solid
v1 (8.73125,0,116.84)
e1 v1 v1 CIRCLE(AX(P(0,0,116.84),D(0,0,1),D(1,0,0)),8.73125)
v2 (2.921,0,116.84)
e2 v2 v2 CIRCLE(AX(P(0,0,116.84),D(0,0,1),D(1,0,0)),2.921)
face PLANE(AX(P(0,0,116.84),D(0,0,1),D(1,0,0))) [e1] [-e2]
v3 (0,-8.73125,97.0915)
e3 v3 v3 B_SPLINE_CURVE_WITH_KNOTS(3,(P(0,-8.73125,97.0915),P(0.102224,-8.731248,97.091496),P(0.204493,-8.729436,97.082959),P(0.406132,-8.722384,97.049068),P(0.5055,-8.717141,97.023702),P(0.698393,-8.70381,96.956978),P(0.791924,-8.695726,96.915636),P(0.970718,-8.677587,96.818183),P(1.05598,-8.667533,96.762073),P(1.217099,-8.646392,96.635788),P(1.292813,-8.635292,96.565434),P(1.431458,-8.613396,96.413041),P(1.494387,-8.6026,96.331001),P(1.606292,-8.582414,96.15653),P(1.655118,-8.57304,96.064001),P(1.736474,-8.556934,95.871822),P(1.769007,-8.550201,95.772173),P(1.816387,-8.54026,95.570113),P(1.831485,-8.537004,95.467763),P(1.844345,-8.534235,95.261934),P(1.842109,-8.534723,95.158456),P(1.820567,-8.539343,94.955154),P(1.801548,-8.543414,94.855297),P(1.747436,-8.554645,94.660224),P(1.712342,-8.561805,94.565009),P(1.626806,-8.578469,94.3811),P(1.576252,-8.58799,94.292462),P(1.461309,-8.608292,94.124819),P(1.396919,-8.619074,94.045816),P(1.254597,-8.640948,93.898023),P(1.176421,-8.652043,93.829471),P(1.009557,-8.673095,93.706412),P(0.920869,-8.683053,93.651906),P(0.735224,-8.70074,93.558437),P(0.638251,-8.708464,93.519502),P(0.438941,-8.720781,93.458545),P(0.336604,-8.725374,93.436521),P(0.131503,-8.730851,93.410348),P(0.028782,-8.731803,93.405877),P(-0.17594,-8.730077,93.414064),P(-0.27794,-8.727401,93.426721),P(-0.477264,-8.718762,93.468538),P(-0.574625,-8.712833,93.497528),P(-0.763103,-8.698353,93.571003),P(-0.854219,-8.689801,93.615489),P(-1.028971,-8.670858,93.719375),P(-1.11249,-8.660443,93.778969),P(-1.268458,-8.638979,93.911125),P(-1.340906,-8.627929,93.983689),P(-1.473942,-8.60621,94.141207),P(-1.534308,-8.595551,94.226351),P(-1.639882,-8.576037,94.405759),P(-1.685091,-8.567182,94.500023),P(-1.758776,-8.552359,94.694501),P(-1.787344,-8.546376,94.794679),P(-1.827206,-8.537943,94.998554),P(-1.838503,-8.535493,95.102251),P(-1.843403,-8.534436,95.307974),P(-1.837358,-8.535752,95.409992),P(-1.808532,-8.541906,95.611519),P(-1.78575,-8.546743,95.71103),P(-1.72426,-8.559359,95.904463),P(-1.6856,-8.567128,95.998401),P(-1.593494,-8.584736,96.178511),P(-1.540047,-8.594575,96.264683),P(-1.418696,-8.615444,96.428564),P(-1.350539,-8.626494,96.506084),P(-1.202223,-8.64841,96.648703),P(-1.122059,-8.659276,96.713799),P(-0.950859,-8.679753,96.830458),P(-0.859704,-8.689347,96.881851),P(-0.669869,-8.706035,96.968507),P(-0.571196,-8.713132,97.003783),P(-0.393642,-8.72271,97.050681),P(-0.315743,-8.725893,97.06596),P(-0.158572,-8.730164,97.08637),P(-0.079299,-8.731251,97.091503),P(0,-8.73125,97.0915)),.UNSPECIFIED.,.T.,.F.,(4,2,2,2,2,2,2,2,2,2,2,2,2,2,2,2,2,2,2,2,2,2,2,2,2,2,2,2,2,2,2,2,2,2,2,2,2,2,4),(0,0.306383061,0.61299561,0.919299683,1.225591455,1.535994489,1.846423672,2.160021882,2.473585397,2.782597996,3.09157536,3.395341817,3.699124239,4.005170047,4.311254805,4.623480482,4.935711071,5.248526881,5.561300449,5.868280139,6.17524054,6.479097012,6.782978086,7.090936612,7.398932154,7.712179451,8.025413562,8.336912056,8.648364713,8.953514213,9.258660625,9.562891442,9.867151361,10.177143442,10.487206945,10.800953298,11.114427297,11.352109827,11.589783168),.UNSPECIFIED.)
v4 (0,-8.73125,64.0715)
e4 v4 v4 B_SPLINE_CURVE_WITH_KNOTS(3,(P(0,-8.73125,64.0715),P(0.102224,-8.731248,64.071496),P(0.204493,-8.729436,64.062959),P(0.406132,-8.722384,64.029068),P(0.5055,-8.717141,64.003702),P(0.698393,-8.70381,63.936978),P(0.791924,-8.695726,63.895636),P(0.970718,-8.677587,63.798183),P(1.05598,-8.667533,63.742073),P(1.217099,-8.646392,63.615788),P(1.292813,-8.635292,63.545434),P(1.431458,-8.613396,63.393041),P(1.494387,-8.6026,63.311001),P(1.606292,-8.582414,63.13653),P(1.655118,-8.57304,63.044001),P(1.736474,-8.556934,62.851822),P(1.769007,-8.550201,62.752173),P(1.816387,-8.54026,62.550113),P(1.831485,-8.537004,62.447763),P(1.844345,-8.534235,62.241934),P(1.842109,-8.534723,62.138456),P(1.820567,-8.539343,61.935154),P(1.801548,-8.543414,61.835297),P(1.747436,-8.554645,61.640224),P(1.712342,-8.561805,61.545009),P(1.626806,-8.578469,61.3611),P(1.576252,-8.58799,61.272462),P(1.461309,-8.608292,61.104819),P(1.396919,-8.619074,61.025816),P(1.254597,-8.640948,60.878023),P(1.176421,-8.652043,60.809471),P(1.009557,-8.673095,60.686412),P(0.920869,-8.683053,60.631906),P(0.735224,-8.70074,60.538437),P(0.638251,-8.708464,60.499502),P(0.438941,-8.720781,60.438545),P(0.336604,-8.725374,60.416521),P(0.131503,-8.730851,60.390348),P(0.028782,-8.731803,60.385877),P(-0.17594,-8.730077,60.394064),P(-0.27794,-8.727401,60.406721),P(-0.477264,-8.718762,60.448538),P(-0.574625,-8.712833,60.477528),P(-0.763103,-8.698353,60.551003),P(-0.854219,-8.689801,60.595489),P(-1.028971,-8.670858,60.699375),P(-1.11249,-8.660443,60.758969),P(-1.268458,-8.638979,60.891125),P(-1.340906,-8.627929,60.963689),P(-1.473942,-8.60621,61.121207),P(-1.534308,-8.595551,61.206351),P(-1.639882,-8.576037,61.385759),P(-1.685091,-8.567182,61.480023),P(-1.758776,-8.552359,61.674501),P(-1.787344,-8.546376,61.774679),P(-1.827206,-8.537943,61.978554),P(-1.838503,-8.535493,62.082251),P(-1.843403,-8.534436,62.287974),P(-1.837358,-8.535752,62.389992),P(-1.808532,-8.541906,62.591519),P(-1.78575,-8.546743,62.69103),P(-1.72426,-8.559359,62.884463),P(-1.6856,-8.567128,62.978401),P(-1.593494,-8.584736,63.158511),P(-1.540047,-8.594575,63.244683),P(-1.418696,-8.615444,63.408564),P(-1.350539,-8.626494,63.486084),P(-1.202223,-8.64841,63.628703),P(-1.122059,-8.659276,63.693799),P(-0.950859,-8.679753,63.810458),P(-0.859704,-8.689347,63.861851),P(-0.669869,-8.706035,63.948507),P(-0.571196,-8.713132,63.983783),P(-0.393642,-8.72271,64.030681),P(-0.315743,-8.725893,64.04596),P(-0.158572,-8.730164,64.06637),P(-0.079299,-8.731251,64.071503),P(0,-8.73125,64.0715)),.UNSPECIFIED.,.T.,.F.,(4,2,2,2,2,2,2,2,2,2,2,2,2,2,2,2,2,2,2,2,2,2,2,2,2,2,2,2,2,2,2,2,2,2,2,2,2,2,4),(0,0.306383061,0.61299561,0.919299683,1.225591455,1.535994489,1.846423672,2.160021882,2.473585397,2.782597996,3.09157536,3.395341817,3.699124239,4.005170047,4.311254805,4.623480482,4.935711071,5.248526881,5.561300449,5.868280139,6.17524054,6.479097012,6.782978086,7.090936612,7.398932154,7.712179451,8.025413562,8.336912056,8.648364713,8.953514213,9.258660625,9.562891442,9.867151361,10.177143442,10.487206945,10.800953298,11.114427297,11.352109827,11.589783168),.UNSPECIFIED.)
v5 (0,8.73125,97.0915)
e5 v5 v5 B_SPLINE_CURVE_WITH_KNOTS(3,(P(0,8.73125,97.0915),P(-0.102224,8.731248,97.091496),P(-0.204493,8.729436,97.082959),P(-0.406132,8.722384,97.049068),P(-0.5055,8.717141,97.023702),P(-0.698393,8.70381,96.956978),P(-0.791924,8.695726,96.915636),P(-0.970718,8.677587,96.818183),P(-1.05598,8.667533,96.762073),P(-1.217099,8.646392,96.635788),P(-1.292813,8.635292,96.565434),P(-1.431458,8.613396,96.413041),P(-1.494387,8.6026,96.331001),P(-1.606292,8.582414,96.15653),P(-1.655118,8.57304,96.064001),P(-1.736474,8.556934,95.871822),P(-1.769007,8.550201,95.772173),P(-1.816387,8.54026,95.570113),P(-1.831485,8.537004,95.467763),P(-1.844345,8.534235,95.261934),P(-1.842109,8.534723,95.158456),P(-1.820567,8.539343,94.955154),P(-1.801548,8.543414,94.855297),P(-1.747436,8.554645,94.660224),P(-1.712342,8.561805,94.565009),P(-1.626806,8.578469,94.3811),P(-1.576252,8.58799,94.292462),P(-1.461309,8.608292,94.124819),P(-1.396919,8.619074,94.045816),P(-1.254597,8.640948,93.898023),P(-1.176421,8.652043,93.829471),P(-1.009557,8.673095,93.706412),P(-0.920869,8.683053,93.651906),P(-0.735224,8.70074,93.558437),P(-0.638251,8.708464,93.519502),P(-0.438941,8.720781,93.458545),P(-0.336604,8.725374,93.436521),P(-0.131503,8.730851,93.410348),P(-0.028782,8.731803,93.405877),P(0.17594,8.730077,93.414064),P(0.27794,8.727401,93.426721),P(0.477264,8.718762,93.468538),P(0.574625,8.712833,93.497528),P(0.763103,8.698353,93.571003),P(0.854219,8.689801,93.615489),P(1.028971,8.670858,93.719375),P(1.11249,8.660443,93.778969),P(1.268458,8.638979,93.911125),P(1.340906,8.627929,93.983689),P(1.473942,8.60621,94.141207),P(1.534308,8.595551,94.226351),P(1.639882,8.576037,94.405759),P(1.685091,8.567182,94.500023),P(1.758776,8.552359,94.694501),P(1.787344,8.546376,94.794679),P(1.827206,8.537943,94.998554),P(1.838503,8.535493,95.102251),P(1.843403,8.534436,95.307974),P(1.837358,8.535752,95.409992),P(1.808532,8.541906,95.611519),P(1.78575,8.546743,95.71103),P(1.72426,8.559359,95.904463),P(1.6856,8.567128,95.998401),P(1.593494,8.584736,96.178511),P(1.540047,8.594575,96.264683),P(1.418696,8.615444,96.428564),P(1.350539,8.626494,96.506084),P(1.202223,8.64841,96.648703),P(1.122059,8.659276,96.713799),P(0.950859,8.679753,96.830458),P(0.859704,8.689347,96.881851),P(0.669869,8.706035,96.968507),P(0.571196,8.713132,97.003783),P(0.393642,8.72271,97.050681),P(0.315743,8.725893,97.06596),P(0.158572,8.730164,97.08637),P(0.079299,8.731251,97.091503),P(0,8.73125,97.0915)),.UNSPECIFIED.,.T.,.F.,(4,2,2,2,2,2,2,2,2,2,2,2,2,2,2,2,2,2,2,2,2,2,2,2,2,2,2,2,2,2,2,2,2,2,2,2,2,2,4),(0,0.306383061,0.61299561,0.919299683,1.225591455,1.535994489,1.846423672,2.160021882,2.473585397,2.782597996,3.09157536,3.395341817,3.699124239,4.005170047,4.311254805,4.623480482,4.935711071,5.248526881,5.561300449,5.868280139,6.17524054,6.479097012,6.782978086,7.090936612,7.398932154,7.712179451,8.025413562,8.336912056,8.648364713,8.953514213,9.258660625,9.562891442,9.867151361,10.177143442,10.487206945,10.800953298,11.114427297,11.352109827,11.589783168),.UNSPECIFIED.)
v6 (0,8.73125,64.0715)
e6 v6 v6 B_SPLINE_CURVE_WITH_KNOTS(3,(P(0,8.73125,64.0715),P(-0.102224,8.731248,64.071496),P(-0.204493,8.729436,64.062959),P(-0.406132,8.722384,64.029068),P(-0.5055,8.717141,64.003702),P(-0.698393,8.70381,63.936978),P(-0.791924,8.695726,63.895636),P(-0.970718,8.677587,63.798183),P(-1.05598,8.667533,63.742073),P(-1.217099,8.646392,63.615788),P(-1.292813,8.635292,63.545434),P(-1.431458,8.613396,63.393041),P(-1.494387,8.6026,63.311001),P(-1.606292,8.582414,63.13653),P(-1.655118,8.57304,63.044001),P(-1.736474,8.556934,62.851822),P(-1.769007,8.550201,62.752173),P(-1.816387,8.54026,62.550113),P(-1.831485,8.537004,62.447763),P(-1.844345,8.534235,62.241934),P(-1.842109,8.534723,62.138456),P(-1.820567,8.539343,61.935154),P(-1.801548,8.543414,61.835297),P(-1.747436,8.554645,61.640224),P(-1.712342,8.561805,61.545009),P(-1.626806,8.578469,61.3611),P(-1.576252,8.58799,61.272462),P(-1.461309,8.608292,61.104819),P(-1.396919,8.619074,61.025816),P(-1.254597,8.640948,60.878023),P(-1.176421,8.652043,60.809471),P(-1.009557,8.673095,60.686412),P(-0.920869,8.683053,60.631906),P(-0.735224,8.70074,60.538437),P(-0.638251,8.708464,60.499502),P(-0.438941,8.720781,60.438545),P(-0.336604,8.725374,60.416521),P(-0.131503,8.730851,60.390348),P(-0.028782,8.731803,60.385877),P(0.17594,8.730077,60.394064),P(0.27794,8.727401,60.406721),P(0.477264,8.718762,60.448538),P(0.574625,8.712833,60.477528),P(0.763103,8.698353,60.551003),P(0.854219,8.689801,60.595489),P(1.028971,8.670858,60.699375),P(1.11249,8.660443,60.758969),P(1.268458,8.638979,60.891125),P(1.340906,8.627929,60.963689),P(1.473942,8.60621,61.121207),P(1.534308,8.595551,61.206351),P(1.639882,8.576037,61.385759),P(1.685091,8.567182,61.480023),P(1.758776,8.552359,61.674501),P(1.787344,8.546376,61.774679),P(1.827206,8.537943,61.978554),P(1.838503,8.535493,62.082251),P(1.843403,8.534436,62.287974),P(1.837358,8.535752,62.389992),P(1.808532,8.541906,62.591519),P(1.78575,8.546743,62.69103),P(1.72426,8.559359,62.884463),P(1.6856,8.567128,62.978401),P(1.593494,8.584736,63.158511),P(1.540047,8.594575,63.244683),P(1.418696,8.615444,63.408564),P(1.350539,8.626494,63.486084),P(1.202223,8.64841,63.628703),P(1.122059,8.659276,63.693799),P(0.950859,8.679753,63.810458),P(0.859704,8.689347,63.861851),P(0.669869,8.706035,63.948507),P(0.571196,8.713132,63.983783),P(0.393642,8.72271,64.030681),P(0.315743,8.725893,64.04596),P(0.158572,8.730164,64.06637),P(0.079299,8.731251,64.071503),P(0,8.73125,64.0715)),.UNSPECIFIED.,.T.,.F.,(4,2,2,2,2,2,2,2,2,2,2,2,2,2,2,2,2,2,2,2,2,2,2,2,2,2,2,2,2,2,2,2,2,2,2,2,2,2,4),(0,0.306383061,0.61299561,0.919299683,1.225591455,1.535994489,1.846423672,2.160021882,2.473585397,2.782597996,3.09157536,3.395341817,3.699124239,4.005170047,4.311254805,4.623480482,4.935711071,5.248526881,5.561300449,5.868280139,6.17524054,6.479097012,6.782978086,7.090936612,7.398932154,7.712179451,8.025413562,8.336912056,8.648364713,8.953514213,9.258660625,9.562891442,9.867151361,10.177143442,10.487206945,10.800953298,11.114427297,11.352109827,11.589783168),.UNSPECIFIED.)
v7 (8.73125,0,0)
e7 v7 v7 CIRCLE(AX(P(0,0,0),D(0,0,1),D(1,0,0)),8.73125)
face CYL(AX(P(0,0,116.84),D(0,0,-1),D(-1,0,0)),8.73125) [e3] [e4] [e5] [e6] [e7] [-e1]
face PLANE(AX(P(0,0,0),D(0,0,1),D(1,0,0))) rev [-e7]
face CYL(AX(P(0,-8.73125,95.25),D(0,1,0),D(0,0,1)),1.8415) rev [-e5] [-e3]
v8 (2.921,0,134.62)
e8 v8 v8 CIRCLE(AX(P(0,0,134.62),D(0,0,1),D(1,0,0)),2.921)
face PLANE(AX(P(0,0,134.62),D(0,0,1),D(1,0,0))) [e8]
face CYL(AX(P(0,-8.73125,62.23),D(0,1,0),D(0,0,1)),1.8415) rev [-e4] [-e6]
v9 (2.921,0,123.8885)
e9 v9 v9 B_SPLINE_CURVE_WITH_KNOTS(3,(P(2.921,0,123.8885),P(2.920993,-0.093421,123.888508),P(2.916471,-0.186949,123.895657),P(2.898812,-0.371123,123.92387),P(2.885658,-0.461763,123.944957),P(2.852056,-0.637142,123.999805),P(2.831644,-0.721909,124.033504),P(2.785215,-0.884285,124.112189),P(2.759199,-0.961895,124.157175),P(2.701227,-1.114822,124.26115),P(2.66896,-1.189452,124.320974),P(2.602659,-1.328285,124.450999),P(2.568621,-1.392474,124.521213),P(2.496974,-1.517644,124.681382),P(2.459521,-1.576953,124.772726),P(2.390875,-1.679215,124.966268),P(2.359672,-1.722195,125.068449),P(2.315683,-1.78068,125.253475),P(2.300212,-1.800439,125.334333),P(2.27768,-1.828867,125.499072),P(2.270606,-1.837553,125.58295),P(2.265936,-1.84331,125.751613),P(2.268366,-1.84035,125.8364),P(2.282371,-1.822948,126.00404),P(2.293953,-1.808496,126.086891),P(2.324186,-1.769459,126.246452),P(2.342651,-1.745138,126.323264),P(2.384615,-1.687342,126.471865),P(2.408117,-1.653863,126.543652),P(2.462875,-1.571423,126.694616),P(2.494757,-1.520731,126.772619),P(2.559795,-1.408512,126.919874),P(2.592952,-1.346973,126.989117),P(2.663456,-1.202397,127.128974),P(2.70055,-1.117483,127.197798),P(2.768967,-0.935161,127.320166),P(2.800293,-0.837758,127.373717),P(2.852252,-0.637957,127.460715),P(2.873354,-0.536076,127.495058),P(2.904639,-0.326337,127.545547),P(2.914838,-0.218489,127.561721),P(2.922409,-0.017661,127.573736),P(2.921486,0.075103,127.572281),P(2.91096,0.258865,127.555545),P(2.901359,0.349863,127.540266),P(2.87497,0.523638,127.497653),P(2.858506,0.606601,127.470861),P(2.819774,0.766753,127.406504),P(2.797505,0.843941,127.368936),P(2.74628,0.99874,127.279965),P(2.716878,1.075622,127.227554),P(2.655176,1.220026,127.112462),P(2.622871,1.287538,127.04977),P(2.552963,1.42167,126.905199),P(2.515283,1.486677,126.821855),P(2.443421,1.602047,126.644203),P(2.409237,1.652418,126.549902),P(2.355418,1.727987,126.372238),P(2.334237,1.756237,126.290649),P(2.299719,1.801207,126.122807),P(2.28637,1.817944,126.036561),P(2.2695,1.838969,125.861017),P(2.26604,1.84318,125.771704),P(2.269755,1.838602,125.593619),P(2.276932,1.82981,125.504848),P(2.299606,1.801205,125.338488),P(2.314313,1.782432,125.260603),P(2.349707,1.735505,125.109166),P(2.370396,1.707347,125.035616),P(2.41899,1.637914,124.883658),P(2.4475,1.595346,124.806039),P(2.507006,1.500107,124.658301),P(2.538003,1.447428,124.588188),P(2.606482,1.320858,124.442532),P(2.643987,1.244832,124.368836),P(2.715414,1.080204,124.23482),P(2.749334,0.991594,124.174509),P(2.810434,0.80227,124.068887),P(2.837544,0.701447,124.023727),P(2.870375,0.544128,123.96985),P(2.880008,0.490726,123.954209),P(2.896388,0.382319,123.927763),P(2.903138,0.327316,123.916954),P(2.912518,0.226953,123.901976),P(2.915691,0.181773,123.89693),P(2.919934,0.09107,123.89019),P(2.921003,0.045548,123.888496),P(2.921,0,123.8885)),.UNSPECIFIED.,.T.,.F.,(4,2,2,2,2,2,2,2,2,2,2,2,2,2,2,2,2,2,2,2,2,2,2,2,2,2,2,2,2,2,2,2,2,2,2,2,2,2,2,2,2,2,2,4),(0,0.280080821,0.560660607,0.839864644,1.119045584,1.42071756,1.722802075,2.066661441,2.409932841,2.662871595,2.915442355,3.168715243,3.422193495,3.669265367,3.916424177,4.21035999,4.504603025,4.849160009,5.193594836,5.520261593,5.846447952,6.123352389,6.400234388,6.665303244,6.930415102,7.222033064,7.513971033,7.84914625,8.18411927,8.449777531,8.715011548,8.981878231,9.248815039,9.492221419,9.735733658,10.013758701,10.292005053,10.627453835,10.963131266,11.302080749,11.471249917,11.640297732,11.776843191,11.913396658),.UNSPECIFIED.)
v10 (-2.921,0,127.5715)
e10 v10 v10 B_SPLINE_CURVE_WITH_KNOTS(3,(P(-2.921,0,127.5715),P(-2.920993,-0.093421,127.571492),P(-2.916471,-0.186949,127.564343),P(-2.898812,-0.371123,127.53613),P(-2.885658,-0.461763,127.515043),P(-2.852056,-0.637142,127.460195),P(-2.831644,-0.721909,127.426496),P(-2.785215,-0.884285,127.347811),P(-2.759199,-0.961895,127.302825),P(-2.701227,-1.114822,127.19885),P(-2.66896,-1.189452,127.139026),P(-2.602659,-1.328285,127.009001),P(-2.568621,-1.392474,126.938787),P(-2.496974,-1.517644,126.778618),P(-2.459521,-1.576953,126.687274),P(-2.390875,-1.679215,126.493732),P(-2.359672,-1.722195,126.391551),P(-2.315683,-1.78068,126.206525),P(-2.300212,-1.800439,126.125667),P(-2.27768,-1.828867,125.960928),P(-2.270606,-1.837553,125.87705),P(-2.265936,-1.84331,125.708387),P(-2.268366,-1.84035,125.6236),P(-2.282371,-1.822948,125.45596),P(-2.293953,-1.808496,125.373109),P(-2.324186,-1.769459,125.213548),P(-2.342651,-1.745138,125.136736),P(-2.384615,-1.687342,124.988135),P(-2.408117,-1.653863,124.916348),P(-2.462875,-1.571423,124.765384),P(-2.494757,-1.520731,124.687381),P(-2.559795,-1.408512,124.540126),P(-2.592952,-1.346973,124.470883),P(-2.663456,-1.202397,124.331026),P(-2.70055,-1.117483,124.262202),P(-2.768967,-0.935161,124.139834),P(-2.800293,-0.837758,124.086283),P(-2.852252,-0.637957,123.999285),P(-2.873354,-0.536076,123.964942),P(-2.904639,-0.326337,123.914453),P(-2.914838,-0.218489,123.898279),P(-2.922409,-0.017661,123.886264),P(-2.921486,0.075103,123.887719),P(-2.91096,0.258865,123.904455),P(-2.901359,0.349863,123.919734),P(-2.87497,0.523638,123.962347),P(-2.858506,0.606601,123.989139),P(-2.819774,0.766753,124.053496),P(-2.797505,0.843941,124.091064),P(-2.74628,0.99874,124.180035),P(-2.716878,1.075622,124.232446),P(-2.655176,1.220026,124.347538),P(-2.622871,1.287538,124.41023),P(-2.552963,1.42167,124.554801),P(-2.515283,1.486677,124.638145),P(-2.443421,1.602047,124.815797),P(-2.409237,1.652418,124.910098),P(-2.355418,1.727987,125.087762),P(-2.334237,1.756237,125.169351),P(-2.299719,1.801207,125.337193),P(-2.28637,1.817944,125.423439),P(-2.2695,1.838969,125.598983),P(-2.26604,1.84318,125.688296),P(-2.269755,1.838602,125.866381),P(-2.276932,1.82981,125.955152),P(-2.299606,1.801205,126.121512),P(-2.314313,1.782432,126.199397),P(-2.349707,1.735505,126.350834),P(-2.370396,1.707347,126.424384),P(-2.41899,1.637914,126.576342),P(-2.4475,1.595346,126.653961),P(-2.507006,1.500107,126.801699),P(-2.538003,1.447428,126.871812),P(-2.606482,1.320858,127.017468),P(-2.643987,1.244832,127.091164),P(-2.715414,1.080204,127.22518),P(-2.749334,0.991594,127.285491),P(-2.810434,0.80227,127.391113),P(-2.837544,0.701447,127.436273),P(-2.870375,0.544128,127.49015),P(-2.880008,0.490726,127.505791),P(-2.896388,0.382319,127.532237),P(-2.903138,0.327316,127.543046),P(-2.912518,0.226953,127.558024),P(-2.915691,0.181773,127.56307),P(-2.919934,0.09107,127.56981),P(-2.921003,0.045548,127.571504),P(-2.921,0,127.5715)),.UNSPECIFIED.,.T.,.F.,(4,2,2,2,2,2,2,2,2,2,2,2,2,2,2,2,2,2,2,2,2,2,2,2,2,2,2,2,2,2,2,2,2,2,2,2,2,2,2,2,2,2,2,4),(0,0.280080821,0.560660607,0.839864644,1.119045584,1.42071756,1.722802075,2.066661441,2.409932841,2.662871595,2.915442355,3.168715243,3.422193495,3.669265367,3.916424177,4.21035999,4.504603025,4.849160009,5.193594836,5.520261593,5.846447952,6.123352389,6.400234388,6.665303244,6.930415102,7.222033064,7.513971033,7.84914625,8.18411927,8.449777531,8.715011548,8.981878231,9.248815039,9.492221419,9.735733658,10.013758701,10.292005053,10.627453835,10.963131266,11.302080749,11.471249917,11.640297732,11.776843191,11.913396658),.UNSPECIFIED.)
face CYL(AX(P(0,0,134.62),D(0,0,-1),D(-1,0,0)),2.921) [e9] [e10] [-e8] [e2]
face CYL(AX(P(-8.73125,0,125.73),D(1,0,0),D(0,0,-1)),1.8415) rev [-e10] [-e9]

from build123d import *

# Parameters (mm, degrees)
SKETCH1_R             = 8.73125
BOSS_EXTRUDE1_DEPTH   = 116.84
SKETCH2_R             = 2.921
BOSS_EXTRUDE2_DEPTH   = 17.78
F_6_32_TAPPED_HOLE1_D = 2.7051
F_6_32_TAPPED_HOLE2_D = 2.7051
SKETCH4_R             = 1.8415
CUT_EXTRUDE1_DEPTH    = 137.028372284
SKETCH7_R             = 1.8415
CUT_EXTRUDE2_DEPTH    = 136.405147936


with BuildPart() as part:
    # Sketch1 → Boss-Extrude1 (new body)
    with BuildSketch(Plane.XY):
        with Locations(Location((0, 0, 0), (0, 0, 180))):
            Circle(SKETCH1_R)
    extrude(amount=BOSS_EXTRUDE1_DEPTH)

    # Sketch2 → Boss-Extrude2 (add)
    with BuildSketch(Plane.XY.offset(116.84)):
        Circle(SKETCH2_R)
    extrude(amount=BOSS_EXTRUDE2_DEPTH)

    # #6-32 Tapped Hole1 (through all)
    with Locations(Plane(origin=(0, 8.73125, 0), x_dir=(1, 0, 0), z_dir=(0, 1, 0))):
        with Locations((0, -62.23), (0, -95.25)):
            Hole(F_6_32_TAPPED_HOLE1_D / 2)

    # #6-32 Tapped Hole2 (through all)
    with Locations(Plane(origin=(2.921, 0, 0), x_dir=(0, 0, -1), z_dir=(1, 0, 0))):
        with Locations((-125.73, 0)):
            Hole(F_6_32_TAPPED_HOLE2_D / 2)

    # Sketch4 → Cut-Extrude1 (cut, through all)
    with BuildSketch(Plane(origin=(0, 8.73125, 0), x_dir=(1, 0, 0), z_dir=(0, 1, 0))):
        with Locations(Location((0, -62.23, 0), (0, 0, 270))):
            Circle(SKETCH4_R)
        with Locations(Location((0, -95.25, 0), (0, 0, 270))):
            Circle(SKETCH4_R)
    extrude(amount=-CUT_EXTRUDE1_DEPTH, mode=Mode.SUBTRACT)

    # Sketch7 → Cut-Extrude2 (cut, through all)
    with BuildSketch(Plane(origin=(2.921, 0, 0), x_dir=(0, 0, -1), z_dir=(1, 0, 0))):
        with Locations(Location((-125.73, 0, 0), (0, 0, 180))):
            Circle(SKETCH7_R)
    extrude(amount=-CUT_EXTRUDE2_DEPTH, mode=Mode.SUBTRACT)


solid = part.part
